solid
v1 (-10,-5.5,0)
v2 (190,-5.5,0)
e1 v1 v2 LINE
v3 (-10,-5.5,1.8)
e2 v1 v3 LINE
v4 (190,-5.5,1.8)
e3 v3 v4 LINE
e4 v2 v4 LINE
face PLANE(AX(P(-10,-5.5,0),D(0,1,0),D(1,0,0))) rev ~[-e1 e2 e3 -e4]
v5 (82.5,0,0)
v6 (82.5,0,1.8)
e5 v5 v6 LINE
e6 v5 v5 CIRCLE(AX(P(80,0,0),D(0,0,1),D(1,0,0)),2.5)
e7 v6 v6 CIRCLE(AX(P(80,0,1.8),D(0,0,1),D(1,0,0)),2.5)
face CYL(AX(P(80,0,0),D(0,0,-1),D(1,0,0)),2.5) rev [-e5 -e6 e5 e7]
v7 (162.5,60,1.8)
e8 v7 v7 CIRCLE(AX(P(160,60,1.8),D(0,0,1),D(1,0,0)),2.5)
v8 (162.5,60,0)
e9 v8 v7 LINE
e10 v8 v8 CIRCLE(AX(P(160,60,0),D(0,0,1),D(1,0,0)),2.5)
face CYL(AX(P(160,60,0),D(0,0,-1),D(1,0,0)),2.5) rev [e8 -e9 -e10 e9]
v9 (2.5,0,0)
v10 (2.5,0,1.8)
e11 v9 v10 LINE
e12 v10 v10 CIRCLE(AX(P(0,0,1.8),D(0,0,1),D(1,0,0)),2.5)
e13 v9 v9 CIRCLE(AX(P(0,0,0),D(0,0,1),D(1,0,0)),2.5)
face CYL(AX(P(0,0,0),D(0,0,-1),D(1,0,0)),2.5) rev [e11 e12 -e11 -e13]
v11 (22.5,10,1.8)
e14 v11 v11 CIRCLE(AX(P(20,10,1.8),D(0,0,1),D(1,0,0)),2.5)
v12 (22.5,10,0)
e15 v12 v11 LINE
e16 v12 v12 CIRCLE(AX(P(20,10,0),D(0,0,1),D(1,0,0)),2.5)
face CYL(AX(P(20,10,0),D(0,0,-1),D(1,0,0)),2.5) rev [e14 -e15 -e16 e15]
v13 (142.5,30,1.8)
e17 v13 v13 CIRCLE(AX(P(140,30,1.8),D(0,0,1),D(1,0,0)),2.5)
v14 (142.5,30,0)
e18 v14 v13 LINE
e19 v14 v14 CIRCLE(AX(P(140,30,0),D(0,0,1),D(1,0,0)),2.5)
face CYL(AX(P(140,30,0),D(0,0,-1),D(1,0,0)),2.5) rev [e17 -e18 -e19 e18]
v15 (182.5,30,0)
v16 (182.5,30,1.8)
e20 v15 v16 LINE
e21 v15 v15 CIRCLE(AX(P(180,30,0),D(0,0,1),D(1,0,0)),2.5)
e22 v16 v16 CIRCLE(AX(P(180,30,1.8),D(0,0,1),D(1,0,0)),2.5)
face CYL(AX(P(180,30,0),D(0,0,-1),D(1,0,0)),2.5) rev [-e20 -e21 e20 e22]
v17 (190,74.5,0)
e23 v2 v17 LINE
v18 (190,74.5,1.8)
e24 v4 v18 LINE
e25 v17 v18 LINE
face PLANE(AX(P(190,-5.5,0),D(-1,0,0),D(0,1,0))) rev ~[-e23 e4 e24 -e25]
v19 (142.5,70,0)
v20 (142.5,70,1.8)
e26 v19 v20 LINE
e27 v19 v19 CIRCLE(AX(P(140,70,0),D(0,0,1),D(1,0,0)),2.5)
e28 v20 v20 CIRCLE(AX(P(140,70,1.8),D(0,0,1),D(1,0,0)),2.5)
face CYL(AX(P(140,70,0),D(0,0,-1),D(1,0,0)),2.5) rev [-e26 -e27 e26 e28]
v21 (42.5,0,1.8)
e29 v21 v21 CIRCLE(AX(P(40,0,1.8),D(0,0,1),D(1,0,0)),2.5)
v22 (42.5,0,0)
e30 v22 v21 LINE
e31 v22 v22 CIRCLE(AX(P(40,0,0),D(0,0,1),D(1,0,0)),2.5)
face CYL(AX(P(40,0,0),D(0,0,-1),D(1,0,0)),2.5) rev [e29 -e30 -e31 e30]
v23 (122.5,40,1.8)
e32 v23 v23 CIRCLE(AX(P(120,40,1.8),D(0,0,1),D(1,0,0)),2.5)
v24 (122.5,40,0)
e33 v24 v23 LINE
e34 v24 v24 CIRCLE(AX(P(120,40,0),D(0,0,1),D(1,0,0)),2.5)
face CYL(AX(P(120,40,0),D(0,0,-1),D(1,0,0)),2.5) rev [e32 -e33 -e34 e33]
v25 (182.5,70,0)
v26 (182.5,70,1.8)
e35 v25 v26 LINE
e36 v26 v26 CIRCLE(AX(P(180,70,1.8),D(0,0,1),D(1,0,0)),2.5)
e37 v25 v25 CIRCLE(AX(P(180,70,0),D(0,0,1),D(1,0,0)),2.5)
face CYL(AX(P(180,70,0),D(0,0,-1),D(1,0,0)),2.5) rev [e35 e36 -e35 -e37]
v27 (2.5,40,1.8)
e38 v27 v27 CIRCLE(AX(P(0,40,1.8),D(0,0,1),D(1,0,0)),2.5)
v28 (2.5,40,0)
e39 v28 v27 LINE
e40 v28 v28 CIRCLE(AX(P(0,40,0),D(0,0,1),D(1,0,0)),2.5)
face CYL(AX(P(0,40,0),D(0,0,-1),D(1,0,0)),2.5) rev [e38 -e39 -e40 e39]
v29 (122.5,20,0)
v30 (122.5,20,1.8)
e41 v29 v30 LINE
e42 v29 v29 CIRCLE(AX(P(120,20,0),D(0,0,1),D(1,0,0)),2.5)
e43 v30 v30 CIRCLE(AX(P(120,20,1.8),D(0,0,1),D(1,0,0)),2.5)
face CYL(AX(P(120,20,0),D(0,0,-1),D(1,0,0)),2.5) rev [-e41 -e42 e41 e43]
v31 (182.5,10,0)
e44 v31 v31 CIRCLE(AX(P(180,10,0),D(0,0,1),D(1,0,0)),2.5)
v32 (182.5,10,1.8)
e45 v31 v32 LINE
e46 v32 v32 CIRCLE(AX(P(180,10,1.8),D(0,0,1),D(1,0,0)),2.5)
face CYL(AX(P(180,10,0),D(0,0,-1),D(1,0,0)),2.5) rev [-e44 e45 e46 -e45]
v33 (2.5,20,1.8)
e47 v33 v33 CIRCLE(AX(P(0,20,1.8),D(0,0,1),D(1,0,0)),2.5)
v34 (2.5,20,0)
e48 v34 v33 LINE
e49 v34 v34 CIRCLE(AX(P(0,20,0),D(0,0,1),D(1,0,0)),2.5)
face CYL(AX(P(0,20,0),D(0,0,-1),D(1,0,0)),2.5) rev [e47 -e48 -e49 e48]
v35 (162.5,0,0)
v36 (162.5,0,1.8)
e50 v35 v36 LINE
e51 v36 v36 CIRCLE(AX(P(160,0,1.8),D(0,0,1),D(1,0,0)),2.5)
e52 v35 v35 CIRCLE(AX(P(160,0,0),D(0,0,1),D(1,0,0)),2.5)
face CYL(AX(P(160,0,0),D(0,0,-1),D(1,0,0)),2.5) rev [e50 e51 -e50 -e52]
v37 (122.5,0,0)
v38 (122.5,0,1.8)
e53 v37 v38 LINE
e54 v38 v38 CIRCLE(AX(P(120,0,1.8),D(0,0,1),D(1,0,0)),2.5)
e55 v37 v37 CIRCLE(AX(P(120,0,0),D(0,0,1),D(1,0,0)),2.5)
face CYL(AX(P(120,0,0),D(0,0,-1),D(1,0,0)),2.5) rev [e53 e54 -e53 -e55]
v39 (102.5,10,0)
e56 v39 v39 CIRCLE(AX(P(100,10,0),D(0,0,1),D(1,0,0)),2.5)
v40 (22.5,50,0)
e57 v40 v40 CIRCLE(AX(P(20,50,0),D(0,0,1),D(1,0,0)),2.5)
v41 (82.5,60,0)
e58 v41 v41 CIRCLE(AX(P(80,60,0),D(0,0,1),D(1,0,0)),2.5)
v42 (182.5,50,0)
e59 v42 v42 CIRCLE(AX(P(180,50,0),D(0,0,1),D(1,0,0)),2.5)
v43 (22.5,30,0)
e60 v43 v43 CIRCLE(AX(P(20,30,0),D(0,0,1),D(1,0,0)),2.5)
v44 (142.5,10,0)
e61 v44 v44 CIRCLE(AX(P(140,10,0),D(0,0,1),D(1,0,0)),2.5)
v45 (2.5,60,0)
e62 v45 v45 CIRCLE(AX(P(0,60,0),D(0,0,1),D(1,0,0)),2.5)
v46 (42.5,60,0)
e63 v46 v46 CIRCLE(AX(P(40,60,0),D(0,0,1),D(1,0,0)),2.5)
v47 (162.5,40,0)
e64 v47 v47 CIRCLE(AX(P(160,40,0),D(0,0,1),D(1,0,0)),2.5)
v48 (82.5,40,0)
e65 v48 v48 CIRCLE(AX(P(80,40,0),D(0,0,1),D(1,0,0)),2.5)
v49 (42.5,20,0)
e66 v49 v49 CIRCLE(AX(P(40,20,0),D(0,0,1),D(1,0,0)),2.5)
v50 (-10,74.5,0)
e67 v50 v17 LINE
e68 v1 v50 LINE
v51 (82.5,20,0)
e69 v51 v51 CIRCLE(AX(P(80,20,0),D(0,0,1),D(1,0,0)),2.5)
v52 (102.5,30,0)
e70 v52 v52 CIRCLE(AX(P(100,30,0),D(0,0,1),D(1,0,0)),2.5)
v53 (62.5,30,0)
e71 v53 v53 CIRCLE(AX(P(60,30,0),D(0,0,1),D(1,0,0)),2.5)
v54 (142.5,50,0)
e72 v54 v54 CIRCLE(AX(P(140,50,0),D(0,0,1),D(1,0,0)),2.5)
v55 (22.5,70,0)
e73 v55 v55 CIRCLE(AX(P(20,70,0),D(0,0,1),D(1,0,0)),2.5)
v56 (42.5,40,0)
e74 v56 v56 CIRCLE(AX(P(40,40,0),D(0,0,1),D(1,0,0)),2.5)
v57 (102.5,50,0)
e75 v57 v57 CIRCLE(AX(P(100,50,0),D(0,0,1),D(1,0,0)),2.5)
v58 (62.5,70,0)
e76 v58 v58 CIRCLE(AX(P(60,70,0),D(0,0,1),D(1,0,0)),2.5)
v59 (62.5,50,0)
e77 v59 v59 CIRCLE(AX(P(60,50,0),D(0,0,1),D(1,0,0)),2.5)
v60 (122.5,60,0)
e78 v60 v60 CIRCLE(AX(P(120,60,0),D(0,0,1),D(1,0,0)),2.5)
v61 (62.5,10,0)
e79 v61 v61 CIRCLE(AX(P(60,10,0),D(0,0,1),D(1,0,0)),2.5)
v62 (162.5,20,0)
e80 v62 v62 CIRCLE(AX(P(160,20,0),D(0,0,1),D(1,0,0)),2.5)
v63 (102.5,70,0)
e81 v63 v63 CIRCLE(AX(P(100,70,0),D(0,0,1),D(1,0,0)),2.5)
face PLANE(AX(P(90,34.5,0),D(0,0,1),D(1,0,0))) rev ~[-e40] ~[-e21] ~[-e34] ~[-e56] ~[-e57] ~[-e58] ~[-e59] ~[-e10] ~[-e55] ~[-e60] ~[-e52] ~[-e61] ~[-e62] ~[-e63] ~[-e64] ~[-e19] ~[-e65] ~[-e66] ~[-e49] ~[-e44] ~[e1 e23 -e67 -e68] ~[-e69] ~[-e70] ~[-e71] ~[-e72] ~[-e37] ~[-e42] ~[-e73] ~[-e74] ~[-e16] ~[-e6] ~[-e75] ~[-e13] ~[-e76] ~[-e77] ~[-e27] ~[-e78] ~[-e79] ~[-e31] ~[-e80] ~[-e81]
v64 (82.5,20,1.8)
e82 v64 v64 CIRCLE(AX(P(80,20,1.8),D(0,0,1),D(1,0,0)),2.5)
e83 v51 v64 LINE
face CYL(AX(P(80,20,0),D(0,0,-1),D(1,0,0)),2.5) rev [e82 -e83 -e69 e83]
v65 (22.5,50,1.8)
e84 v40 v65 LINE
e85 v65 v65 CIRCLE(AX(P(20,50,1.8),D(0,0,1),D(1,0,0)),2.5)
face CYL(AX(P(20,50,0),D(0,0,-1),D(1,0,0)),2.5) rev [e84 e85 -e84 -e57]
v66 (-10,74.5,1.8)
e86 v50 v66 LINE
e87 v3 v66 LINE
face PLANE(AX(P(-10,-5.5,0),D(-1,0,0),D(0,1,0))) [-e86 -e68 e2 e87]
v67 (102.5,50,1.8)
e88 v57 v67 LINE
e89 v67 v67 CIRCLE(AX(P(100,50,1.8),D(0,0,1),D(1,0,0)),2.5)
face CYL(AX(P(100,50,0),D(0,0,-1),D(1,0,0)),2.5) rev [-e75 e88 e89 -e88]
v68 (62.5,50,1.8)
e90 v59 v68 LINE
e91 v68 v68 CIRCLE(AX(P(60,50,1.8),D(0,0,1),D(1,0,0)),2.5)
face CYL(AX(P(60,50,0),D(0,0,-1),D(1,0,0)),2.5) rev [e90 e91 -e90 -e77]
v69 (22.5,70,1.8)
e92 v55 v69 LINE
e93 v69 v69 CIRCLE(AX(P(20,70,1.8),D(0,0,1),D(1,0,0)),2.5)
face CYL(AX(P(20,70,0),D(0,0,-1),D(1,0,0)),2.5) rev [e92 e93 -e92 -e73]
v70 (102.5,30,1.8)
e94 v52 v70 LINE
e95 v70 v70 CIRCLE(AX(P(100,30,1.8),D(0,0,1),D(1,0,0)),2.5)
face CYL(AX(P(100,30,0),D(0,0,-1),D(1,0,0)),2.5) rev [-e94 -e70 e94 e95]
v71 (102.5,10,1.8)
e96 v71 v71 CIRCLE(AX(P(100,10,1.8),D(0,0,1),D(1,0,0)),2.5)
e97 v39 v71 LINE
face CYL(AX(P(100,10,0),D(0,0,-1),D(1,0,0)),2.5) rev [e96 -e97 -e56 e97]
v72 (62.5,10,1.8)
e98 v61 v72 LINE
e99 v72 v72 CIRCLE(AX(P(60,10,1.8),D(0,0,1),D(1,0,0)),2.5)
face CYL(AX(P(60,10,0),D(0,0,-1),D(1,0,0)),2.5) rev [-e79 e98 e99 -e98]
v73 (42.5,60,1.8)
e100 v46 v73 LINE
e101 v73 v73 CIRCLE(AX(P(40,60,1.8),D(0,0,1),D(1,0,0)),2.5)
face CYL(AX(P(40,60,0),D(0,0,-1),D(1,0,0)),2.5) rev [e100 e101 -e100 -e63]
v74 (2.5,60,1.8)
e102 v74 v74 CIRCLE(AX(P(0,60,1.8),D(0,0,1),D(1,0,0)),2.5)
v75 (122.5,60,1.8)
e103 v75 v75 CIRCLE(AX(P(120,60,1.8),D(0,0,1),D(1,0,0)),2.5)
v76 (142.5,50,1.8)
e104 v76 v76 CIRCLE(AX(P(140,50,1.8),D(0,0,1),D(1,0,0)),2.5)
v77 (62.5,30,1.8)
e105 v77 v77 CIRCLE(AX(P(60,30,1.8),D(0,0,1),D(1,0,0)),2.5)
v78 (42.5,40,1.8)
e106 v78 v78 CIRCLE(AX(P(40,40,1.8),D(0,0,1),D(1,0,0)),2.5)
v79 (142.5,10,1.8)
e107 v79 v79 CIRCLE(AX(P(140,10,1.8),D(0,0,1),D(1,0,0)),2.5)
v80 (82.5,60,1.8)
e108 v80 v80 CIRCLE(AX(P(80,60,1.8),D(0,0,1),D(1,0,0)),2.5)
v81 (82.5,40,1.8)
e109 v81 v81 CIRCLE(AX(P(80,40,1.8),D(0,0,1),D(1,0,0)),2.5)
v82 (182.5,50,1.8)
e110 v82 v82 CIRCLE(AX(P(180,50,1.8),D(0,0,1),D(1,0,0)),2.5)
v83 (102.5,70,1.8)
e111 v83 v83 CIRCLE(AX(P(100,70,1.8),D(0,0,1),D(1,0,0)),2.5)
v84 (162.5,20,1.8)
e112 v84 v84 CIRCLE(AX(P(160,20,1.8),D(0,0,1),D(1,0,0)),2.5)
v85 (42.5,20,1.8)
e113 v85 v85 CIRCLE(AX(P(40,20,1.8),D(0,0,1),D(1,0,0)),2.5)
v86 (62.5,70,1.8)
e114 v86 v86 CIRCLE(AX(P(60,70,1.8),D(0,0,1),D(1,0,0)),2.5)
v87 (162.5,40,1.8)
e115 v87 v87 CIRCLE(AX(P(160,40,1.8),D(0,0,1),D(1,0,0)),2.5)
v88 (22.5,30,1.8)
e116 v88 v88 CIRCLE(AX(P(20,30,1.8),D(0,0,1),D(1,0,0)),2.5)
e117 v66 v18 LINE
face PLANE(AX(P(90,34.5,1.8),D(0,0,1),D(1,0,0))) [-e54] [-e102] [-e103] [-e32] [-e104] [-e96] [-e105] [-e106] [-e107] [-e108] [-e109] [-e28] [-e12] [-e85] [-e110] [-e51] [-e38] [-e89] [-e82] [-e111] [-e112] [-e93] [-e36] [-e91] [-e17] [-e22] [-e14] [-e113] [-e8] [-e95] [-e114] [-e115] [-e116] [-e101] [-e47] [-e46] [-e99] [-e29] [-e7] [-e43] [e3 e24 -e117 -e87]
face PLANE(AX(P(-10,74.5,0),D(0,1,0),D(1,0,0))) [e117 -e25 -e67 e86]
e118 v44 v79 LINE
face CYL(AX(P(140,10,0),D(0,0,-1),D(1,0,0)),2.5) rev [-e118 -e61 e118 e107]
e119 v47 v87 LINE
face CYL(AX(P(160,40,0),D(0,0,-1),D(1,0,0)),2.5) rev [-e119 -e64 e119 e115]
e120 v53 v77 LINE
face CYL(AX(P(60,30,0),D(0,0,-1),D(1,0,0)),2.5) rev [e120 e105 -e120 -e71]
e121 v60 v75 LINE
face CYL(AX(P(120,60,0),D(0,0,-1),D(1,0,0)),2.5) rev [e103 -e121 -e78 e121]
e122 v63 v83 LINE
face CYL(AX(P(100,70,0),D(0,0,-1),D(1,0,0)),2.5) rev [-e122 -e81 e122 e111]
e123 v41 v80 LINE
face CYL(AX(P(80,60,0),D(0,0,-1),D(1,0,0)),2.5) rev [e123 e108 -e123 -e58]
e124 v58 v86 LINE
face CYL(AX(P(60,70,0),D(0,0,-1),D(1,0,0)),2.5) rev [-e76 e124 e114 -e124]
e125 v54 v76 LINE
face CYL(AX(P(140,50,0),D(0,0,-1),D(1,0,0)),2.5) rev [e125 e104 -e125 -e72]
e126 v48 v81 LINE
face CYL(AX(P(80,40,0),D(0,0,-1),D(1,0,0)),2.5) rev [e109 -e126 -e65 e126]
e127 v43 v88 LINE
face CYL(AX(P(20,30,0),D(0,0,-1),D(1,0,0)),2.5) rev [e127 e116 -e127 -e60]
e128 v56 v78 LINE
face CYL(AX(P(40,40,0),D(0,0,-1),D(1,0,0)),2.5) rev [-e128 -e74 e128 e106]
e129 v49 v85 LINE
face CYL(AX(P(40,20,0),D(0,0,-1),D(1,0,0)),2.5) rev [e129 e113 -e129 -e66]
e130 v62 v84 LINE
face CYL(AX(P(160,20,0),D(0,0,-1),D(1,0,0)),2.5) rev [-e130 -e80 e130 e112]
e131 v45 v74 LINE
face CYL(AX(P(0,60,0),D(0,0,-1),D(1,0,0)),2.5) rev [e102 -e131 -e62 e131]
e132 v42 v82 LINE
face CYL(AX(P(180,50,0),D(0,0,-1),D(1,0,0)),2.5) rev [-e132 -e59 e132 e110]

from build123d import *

# Parameters (mm, degrees)
SKETCH_W  = 200
SKETCH_H  = 80
SKETCH_R  = 2.5
PAD_DEPTH = 1.8


with BuildPart() as part:
    # Sketch → Pad (new body)
    with BuildSketch(Plane.XY):
        with Locations((90, 34.5)):
            Rectangle(SKETCH_W, SKETCH_H)
        Circle(SKETCH_R, mode=Mode.SUBTRACT)
        with Locations((0, 20)):
            Circle(SKETCH_R, mode=Mode.SUBTRACT)
        with Locations((0, 40)):
            Circle(SKETCH_R, mode=Mode.SUBTRACT)
        with Locations((0, 60)):
            Circle(SKETCH_R, mode=Mode.SUBTRACT)
        with Locations((20, 10)):
            Circle(SKETCH_R, mode=Mode.SUBTRACT)
        with Locations((20, 30)):
            Circle(SKETCH_R, mode=Mode.SUBTRACT)
        with Locations((20, 50)):
            Circle(SKETCH_R, mode=Mode.SUBTRACT)
        with Locations((20, 70)):
            Circle(SKETCH_R, mode=Mode.SUBTRACT)
        with Locations((40, 0)):
            Circle(SKETCH_R, mode=Mode.SUBTRACT)
        with Locations((40, 20)):
            Circle(SKETCH_R, mode=Mode.SUBTRACT)
        with Locations((40, 40)):
            Circle(SKETCH_R, mode=Mode.SUBTRACT)
        with Locations((40, 60)):
            Circle(SKETCH_R, mode=Mode.SUBTRACT)
        with Locations((60, 10)):
            Circle(SKETCH_R, mode=Mode.SUBTRACT)
        with Locations((60, 30)):
            Circle(SKETCH_R, mode=Mode.SUBTRACT)
        with Locations((60, 50)):
            Circle(SKETCH_R, mode=Mode.SUBTRACT)
        with Locations((60, 70)):
            Circle(SKETCH_R, mode=Mode.SUBTRACT)
        with Locations((80, 0)):
            Circle(SKETCH_R, mode=Mode.SUBTRACT)
        with Locations((80, 20)):
            Circle(SKETCH_R, mode=Mode.SUBTRACT)
        with Locations((80, 40)):
            Circle(SKETCH_R, mode=Mode.SUBTRACT)
        with Locations((80, 60)):
            Circle(SKETCH_R, mode=Mode.SUBTRACT)
        with Locations((100, 10)):
            Circle(SKETCH_R, mode=Mode.SUBTRACT)
        with Locations((100, 30)):
            Circle(SKETCH_R, mode=Mode.SUBTRACT)
        with Locations((100, 50)):
            Circle(SKETCH_R, mode=Mode.SUBTRACT)
        with Locations((100, 70)):
            Circle(SKETCH_R, mode=Mode.SUBTRACT)
        with Locations((120, 0)):
            Circle(SKETCH_R, mode=Mode.SUBTRACT)
        with Locations((120, 20)):
            Circle(SKETCH_R, mode=Mode.SUBTRACT)
        with Locations((120, 40)):
            Circle(SKETCH_R, mode=Mode.SUBTRACT)
        with Locations((120, 60)):
            Circle(SKETCH_R, mode=Mode.SUBTRACT)
        with Locations((140, 10)):
            Circle(SKETCH_R, mode=Mode.SUBTRACT)
        with Locations((140, 30)):
            Circle(SKETCH_R, mode=Mode.SUBTRACT)
        with Locations((140, 50)):
            Circle(SKETCH_R, mode=Mode.SUBTRACT)
        with Locations((140, 70)):
            Circle(SKETCH_R, mode=Mode.SUBTRACT)
        with Locations((160, 0)):
            Circle(SKETCH_R, mode=Mode.SUBTRACT)
        with Locations((160, 20)):
            Circle(SKETCH_R, mode=Mode.SUBTRACT)
        with Locations((160, 40)):
            Circle(SKETCH_R, mode=Mode.SUBTRACT)
        with Locations((160, 60)):
            Circle(SKETCH_R, mode=Mode.SUBTRACT)
        with Locations((180, 10)):
            Circle(SKETCH_R, mode=Mode.SUBTRACT)
        with Locations((180, 30)):
            Circle(SKETCH_R, mode=Mode.SUBTRACT)
        with Locations((180, 50)):
            Circle(SKETCH_R, mode=Mode.SUBTRACT)
        with Locations((180, 70)):
            Circle(SKETCH_R, mode=Mode.SUBTRACT)
    extrude(amount=PAD_DEPTH)


solid = part.part
